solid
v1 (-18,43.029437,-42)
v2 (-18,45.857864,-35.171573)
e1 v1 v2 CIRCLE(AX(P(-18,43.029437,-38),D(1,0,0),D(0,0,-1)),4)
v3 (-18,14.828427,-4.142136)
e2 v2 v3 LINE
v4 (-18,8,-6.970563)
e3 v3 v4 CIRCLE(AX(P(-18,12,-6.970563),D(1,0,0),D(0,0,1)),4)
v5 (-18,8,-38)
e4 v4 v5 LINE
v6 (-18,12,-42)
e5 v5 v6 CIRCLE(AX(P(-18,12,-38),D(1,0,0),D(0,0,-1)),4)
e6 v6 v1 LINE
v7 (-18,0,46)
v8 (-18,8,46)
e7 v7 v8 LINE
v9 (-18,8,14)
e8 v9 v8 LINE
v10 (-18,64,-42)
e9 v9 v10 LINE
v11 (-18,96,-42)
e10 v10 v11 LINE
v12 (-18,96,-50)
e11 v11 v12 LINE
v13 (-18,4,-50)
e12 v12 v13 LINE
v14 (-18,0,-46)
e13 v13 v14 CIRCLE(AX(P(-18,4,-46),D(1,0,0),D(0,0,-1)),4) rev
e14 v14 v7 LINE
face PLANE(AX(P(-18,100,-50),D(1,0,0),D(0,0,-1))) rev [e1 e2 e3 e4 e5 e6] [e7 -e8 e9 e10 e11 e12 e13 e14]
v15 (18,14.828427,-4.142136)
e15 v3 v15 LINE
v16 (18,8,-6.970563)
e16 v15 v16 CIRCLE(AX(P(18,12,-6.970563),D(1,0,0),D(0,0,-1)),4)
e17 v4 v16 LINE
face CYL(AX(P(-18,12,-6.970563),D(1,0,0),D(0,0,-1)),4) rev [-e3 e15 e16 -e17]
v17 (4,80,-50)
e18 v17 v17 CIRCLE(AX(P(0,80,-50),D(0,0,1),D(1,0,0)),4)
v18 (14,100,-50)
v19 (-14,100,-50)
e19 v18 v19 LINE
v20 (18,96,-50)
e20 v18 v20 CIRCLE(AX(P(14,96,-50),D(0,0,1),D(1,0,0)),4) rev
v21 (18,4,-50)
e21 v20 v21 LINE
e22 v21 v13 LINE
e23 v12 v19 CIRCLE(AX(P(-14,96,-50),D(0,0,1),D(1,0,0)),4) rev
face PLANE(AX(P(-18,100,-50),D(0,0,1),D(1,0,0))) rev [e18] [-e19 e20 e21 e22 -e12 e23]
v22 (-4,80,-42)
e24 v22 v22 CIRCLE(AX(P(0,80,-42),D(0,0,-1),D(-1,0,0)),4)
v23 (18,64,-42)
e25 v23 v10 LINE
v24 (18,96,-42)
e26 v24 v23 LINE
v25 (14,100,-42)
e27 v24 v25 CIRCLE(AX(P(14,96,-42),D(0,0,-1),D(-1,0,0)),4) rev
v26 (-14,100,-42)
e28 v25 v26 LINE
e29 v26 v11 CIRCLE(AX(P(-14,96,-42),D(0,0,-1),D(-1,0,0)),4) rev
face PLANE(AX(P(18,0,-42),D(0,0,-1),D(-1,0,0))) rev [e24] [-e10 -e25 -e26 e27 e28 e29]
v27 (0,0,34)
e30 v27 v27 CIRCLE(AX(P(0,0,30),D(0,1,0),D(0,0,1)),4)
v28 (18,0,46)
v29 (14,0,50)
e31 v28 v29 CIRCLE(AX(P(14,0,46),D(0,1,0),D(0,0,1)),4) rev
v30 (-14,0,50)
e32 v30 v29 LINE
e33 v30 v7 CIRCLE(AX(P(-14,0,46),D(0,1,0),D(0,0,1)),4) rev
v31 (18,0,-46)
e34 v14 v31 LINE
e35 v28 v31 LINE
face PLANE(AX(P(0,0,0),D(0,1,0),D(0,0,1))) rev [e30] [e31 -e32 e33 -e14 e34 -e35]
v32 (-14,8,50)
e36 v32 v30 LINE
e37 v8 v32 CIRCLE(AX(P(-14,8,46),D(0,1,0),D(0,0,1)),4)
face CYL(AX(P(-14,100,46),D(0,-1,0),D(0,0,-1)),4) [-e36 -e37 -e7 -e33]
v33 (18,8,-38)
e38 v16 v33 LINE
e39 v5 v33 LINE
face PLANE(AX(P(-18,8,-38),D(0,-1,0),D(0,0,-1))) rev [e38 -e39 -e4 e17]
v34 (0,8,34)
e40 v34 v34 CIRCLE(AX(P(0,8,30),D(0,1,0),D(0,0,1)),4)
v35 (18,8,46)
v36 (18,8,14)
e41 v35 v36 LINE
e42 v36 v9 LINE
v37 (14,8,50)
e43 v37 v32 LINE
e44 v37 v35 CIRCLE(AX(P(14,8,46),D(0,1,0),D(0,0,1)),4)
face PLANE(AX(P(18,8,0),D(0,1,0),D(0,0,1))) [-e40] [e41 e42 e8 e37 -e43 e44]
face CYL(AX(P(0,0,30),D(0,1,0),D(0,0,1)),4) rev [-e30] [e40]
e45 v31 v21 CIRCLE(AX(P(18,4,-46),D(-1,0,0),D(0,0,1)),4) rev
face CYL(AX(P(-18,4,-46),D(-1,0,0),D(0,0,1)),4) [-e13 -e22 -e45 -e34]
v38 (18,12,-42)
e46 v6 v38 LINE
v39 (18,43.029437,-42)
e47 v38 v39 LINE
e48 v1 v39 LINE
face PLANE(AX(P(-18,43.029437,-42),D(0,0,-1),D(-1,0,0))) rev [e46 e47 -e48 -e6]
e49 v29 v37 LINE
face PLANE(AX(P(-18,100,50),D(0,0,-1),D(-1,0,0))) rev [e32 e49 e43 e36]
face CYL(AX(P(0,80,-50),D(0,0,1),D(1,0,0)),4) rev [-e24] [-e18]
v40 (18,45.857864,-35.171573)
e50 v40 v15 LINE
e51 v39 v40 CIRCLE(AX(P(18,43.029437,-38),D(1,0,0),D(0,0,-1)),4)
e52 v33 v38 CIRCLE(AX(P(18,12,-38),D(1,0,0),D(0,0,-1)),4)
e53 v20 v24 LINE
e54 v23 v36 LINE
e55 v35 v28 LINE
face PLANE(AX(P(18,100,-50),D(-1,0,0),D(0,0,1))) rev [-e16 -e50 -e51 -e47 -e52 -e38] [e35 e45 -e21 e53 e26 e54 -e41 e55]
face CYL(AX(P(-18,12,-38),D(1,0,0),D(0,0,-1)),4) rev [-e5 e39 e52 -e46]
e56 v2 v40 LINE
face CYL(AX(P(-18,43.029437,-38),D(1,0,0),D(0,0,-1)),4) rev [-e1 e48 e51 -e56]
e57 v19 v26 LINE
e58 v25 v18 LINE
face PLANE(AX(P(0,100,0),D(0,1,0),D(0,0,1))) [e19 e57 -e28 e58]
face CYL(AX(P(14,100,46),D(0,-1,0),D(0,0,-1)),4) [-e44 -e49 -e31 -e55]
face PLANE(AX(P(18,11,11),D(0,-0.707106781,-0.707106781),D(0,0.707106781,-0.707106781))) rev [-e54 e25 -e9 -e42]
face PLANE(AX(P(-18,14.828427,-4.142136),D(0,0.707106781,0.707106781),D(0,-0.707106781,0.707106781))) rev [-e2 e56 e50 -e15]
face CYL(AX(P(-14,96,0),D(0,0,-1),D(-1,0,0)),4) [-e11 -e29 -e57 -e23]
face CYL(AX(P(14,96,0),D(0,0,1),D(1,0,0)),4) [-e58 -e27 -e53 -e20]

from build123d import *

# Parameters (mm, degrees)
SKETCH1_W               = 36
SKETCH1_H               = 100
BOSS_EXTRUDE1_DEPTH     = 100
CUT_EXTRUDE1_DEPTH      = 118.45637488
CUT_EXTRUDE1_DEPTH_BACK = 118.45637488
CUT_EXTRUDE5_DEPTH      = 118.45637488
CUT_EXTRUDE5_DEPTH_BACK = 118.45637488
FILLET3_R               = 4
CUT_EXTRUDE6_DEPTH      = 107.244999882
CUT_EXTRUDE6_DEPTH_BACK = 107.244999882
SKETCH9_R               = 4
CUT_EXTRUDE7_DEPTH      = 138.069325525
CUT_EXTRUDE7_DEPTH_BACK = 138.069325525
SKETCH10_R              = 4


with BuildPart() as part:
    # Sketch1 → Boss-Extrude1 (new body)
    with BuildSketch(Plane(origin=(0, 0, 0), x_dir=(1, 0, 0), z_dir=(0, 1, 0))):
        Rectangle(SKETCH1_W, SKETCH1_H)
    extrude(amount=BOSS_EXTRUDE1_DEPTH)

    # Sketch2 → Cut-Extrude1 (cut, two sides: drawn at the far end of the back side and taken through both)
    with BuildSketch(Plane.ZY.offset(18).offset(-CUT_EXTRUDE1_DEPTH_BACK)):
        Polygon((50, 100), (-42, 100), (-42, 64), (14, 8), (50, 8), align=None)
    extrude(amount=CUT_EXTRUDE1_DEPTH + CUT_EXTRUDE1_DEPTH_BACK, mode=Mode.SUBTRACT)

    # Sketch8 → Cut-Extrude5 (cut, two sides: drawn at the far end of the back side and taken through both)
    with BuildSketch(Plane(origin=(18, 0, 0), x_dir=(0, 0, -1), z_dir=(1, 0, 0)).offset(-CUT_EXTRUDE5_DEPTH_BACK)):
        with BuildLine():
            Line((42, 43.029437252), (42, 12))
            ThreePointArc((42, 12), (40.828427125, 9.171572875), (38, 8))
            Line((38, 8), (6.970562748, 8))
            ThreePointArc((6.970562748, 8), (3.275044618, 10.469266271), (4.142135624, 14.828427125))
            Line((4.142135624, 14.828427125), (35.171572875, 45.857864376))
            ThreePointArc((35.171572875, 45.857864376), (39.530733729, 46.724955382), (42, 43.029437252))
        make_face()
    extrude(amount=CUT_EXTRUDE5_DEPTH + CUT_EXTRUDE5_DEPTH_BACK, mode=Mode.SUBTRACT)

    # Fillet3
    fillet3_edges = [part.edges().sort_by_distance(p)[0] for p in [
        (-18, 100, -46),
        (18, 100, -46),
        (18, 4, 50),
        (-18, 4, 50),
        (0, 0, -50),
    ]]
    fillet(fillet3_edges, radius=FILLET3_R)

    # Sketch9 → Cut-Extrude6 (cut, two sides: drawn at the far end of the back side and taken through both)
    with BuildSketch(Plane(origin=(0, 8, 0), x_dir=(1, 0, 0), z_dir=(0, 1, 0)).offset(-CUT_EXTRUDE6_DEPTH_BACK)):
        with Locations(Location((0, -30, 0), (0, 0, 270))):
            Circle(SKETCH9_R)
    extrude(amount=CUT_EXTRUDE6_DEPTH + CUT_EXTRUDE6_DEPTH_BACK, mode=Mode.SUBTRACT)

    # Sketch10 → Cut-Extrude7 (cut, two sides: drawn at the far end of the back side and taken through both)
    with BuildSketch(Plane.XY.offset(-42).offset(-CUT_EXTRUDE7_DEPTH_BACK)):
        with Locations((0, 80)):
            Circle(SKETCH10_R)
    extrude(amount=CUT_EXTRUDE7_DEPTH + CUT_EXTRUDE7_DEPTH_BACK, mode=Mode.SUBTRACT)


solid = part.part
